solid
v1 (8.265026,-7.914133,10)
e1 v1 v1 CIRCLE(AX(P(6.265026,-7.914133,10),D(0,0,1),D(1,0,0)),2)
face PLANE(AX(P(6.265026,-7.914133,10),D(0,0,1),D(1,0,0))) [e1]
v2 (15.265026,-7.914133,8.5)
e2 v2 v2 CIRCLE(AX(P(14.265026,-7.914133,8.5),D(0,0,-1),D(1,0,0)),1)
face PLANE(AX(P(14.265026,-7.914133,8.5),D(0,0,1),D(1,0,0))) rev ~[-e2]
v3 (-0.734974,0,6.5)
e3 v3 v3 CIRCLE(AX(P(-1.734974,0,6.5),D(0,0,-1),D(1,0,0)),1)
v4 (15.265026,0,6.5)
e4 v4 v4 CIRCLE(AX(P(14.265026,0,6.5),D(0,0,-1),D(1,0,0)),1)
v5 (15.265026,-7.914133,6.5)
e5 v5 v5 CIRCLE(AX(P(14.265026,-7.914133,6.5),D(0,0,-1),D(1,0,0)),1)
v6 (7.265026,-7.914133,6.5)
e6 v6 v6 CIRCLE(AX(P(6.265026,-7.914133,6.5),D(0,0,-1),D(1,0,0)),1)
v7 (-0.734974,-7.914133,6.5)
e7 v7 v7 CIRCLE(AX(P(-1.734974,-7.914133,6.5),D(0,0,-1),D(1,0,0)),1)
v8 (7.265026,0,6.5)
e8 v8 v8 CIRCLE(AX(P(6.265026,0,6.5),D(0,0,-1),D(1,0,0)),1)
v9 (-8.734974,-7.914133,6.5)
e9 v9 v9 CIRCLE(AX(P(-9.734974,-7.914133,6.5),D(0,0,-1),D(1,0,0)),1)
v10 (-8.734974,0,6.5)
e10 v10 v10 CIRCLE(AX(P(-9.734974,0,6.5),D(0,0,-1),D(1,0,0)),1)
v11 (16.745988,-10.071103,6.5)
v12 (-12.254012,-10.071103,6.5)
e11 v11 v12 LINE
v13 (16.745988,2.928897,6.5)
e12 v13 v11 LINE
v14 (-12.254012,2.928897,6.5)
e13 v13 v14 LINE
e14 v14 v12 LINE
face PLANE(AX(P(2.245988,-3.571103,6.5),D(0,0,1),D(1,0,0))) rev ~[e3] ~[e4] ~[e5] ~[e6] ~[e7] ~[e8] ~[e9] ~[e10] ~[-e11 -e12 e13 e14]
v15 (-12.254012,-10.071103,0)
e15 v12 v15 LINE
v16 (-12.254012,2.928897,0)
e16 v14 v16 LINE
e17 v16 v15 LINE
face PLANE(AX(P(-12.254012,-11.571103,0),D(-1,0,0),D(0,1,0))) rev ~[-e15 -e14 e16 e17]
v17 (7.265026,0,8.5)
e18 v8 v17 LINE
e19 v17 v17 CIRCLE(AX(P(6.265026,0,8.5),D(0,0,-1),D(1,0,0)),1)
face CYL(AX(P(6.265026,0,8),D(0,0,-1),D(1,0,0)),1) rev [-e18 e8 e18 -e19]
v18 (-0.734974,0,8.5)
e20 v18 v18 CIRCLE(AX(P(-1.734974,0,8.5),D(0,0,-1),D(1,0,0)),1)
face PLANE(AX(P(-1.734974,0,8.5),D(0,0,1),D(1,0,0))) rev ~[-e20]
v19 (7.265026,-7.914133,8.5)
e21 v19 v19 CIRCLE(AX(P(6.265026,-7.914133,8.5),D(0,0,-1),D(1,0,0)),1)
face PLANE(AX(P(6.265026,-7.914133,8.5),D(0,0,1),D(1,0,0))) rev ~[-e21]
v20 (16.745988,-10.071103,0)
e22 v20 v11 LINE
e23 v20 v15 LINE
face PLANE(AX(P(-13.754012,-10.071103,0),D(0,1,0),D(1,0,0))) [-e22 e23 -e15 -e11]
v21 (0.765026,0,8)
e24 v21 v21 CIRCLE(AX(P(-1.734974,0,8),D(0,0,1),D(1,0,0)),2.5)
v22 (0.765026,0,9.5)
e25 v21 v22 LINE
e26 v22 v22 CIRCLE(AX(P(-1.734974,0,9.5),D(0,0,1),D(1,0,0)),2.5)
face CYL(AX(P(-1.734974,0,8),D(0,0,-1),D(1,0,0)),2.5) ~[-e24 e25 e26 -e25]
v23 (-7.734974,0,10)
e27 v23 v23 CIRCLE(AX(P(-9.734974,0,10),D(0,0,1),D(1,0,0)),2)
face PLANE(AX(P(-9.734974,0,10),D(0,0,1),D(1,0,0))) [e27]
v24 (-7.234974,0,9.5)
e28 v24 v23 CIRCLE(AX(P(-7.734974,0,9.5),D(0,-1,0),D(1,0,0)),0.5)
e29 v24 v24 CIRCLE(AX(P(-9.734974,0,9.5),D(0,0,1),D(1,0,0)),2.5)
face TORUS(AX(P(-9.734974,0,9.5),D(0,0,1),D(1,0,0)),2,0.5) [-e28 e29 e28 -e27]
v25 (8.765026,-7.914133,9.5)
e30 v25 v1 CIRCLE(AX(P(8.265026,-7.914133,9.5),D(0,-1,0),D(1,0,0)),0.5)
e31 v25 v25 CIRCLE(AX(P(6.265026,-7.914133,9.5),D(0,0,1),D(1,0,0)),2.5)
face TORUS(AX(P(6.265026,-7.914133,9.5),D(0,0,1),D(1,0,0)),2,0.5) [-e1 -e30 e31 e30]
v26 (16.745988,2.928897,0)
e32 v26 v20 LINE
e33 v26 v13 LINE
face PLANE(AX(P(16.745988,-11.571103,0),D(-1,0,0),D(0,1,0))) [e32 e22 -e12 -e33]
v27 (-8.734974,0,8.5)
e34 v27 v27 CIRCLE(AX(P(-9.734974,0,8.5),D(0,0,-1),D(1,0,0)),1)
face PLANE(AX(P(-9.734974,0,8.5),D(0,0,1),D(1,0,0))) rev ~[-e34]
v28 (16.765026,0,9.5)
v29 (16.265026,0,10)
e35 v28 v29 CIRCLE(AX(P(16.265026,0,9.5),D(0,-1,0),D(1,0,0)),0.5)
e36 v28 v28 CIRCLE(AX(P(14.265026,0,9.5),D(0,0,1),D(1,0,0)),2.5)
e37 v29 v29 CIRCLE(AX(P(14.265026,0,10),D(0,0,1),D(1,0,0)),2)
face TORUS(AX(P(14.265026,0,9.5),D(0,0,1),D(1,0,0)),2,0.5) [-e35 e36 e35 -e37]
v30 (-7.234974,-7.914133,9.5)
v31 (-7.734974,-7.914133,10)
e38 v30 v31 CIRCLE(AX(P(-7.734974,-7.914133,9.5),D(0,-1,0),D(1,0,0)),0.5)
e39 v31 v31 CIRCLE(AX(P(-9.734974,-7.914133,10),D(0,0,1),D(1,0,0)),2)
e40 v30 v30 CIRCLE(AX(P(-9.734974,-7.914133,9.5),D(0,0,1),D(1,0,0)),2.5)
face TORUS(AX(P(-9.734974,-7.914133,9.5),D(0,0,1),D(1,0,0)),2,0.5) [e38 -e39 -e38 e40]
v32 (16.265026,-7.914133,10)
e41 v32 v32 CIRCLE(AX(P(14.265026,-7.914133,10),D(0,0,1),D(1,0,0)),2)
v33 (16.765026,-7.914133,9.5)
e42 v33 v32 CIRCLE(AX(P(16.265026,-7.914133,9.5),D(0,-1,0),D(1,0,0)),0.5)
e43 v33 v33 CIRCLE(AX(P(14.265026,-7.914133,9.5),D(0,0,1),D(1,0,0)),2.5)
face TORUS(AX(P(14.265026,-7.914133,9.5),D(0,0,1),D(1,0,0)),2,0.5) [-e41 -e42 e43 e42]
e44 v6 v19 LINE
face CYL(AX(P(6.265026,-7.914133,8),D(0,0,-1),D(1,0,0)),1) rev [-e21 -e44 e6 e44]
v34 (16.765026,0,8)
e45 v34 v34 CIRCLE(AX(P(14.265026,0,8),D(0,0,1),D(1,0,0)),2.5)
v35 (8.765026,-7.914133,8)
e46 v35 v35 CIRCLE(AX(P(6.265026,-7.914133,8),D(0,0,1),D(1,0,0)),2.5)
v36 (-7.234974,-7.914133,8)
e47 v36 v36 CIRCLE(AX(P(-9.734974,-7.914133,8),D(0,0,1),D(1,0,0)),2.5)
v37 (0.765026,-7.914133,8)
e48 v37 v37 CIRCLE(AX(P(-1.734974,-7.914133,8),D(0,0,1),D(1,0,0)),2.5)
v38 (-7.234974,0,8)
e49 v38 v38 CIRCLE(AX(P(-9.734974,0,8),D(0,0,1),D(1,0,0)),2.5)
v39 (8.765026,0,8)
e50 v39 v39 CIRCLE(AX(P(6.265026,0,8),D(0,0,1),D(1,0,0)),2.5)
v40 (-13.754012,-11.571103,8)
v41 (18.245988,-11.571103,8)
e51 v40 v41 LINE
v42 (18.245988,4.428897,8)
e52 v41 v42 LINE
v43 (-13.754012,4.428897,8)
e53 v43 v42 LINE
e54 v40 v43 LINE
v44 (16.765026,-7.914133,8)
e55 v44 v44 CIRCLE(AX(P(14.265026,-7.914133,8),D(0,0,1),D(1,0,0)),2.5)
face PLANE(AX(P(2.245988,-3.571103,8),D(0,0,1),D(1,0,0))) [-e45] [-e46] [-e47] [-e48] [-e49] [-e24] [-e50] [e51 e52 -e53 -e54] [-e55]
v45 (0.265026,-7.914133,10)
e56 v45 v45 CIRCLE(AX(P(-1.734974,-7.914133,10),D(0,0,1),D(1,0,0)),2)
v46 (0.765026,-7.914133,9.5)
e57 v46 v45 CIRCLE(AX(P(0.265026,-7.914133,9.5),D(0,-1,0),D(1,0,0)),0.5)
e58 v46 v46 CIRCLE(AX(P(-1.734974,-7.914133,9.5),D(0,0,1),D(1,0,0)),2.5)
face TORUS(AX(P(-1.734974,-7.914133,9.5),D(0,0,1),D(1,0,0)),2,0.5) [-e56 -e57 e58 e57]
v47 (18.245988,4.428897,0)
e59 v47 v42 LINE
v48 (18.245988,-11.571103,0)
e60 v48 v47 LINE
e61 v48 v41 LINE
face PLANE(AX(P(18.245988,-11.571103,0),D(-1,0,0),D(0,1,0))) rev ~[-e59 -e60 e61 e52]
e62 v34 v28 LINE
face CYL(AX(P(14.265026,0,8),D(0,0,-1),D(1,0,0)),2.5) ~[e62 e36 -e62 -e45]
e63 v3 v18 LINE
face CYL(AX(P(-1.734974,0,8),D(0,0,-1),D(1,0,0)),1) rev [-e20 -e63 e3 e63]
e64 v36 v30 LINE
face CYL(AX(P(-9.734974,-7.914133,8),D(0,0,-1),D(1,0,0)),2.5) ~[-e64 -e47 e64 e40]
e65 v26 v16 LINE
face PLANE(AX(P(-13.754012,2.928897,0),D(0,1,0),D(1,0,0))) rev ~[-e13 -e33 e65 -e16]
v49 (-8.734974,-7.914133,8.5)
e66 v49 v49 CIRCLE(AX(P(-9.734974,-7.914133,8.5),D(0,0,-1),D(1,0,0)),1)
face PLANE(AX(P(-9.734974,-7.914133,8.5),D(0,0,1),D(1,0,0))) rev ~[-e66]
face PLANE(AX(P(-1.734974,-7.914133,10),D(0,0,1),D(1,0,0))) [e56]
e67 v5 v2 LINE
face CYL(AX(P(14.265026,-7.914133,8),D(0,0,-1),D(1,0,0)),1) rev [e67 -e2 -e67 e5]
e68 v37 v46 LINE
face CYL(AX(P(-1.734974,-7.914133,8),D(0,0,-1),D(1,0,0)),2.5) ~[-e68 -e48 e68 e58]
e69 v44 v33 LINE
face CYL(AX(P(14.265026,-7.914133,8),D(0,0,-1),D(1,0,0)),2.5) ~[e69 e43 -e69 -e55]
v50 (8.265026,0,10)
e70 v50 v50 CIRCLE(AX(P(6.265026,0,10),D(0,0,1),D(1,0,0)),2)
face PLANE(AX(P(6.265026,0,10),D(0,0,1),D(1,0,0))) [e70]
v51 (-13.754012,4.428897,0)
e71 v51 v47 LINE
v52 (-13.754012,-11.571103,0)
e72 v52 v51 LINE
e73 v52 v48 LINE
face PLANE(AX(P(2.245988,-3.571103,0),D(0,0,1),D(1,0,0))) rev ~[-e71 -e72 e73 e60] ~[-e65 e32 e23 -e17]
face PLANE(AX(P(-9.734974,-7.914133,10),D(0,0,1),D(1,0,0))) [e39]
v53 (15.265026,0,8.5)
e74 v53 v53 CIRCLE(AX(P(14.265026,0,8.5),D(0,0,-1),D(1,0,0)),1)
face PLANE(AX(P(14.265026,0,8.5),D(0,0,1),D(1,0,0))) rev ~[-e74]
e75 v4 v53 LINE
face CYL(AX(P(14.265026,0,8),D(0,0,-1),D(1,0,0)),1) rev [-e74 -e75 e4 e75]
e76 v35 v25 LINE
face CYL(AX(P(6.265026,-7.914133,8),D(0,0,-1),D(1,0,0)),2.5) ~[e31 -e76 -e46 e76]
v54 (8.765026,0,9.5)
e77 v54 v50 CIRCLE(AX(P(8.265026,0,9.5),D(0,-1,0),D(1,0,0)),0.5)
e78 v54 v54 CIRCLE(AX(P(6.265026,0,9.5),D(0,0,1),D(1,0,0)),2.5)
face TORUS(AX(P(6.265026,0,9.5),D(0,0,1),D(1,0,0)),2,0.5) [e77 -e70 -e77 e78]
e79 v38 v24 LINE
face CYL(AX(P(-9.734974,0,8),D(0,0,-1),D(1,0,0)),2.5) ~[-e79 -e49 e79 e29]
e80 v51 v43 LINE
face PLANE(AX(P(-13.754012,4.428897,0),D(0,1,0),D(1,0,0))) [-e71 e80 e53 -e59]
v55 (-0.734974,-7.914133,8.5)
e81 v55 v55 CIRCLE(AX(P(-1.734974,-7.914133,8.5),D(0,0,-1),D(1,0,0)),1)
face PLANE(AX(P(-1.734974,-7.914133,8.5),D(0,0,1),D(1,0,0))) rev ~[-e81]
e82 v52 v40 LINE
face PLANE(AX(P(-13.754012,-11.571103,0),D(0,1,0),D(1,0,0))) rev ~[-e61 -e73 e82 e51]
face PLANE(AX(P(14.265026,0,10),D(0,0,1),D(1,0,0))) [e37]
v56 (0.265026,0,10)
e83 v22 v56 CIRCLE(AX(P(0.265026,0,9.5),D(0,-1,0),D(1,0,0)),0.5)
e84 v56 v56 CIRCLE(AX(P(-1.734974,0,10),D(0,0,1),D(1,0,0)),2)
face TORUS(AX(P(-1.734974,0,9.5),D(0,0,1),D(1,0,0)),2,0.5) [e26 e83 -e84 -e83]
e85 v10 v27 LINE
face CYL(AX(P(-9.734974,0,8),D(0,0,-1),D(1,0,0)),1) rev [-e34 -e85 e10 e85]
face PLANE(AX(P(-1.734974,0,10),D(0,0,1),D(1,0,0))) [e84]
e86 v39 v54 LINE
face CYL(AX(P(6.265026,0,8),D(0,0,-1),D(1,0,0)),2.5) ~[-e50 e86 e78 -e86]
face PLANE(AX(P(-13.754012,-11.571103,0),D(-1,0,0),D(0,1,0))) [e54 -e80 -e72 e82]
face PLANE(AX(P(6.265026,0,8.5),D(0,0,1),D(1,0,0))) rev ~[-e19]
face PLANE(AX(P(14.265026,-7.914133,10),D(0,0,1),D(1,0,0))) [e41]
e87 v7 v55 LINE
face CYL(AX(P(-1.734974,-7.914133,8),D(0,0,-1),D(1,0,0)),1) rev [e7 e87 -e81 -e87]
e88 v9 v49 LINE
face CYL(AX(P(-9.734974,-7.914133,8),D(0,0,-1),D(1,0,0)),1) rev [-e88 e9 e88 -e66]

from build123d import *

# Parameters (mm, degrees)
F0_W     = 32
F0_H     = 16
F1_DEPTH = 8
F3_R     = 2.5
F4_DEPTH = 2
F5_R     = 0.5
F6_T     = -1.5


with BuildPart() as f1:
    # F0 (on Top) → F1 (new body)
    with BuildSketch(Plane.XY):
        with Locations((2.2459877655, -3.5711027315)):
            Rectangle(F0_W, F0_H)
    extrude(amount=F1_DEPTH)

    # F3 (on offset) → F4 (join)
    with BuildSketch(Plane.XY.offset(8)):
        with Locations((14.2650260329, 0)):
            Circle(F3_R)
        with Locations((14.2650260329, -7.9141333699)):
            Circle(F3_R)
        with Locations((6.2650260329, -7.9141333699)):
            Circle(F3_R)
        with Locations((6.2650260329, 0)):
            Circle(F3_R)
        with Locations((-1.7349739671, 0)):
            Circle(F3_R)
        with Locations((-1.7349739671, -7.9141333699)):
            Circle(F3_R)
        with Locations((-9.7349739671, -7.9141333699)):
            Circle(F3_R)
        with Locations((-9.7349739671, 0)):
            Circle(F3_R)
    extrude(amount=F4_DEPTH)

    # F5
    f5_edges = [f1.edges().sort_by_distance(p)[0] for p in [
        (11.765026, -7.914133, 10),
        (11.765026, 0, 10),
        (3.765026, 0, 10),
        (3.765026, -7.914133, 10),
        (-4.234974, -7.914133, 10),
        (-4.234974, 0, 10),
        (-12.234974, 0, 10),
        (-12.234974, -7.914133, 10),
    ]]
    fillet(f5_edges, radius=F5_R)

    # F6
    f6_openings = [f1.faces().sort_by_distance(p)[0] for p in [
        (2.245988, -3.571103, 0),
    ]]
    offset(amount=F6_T, openings=f6_openings, kind=Kind.INTERSECTION)


solid = f1.part
